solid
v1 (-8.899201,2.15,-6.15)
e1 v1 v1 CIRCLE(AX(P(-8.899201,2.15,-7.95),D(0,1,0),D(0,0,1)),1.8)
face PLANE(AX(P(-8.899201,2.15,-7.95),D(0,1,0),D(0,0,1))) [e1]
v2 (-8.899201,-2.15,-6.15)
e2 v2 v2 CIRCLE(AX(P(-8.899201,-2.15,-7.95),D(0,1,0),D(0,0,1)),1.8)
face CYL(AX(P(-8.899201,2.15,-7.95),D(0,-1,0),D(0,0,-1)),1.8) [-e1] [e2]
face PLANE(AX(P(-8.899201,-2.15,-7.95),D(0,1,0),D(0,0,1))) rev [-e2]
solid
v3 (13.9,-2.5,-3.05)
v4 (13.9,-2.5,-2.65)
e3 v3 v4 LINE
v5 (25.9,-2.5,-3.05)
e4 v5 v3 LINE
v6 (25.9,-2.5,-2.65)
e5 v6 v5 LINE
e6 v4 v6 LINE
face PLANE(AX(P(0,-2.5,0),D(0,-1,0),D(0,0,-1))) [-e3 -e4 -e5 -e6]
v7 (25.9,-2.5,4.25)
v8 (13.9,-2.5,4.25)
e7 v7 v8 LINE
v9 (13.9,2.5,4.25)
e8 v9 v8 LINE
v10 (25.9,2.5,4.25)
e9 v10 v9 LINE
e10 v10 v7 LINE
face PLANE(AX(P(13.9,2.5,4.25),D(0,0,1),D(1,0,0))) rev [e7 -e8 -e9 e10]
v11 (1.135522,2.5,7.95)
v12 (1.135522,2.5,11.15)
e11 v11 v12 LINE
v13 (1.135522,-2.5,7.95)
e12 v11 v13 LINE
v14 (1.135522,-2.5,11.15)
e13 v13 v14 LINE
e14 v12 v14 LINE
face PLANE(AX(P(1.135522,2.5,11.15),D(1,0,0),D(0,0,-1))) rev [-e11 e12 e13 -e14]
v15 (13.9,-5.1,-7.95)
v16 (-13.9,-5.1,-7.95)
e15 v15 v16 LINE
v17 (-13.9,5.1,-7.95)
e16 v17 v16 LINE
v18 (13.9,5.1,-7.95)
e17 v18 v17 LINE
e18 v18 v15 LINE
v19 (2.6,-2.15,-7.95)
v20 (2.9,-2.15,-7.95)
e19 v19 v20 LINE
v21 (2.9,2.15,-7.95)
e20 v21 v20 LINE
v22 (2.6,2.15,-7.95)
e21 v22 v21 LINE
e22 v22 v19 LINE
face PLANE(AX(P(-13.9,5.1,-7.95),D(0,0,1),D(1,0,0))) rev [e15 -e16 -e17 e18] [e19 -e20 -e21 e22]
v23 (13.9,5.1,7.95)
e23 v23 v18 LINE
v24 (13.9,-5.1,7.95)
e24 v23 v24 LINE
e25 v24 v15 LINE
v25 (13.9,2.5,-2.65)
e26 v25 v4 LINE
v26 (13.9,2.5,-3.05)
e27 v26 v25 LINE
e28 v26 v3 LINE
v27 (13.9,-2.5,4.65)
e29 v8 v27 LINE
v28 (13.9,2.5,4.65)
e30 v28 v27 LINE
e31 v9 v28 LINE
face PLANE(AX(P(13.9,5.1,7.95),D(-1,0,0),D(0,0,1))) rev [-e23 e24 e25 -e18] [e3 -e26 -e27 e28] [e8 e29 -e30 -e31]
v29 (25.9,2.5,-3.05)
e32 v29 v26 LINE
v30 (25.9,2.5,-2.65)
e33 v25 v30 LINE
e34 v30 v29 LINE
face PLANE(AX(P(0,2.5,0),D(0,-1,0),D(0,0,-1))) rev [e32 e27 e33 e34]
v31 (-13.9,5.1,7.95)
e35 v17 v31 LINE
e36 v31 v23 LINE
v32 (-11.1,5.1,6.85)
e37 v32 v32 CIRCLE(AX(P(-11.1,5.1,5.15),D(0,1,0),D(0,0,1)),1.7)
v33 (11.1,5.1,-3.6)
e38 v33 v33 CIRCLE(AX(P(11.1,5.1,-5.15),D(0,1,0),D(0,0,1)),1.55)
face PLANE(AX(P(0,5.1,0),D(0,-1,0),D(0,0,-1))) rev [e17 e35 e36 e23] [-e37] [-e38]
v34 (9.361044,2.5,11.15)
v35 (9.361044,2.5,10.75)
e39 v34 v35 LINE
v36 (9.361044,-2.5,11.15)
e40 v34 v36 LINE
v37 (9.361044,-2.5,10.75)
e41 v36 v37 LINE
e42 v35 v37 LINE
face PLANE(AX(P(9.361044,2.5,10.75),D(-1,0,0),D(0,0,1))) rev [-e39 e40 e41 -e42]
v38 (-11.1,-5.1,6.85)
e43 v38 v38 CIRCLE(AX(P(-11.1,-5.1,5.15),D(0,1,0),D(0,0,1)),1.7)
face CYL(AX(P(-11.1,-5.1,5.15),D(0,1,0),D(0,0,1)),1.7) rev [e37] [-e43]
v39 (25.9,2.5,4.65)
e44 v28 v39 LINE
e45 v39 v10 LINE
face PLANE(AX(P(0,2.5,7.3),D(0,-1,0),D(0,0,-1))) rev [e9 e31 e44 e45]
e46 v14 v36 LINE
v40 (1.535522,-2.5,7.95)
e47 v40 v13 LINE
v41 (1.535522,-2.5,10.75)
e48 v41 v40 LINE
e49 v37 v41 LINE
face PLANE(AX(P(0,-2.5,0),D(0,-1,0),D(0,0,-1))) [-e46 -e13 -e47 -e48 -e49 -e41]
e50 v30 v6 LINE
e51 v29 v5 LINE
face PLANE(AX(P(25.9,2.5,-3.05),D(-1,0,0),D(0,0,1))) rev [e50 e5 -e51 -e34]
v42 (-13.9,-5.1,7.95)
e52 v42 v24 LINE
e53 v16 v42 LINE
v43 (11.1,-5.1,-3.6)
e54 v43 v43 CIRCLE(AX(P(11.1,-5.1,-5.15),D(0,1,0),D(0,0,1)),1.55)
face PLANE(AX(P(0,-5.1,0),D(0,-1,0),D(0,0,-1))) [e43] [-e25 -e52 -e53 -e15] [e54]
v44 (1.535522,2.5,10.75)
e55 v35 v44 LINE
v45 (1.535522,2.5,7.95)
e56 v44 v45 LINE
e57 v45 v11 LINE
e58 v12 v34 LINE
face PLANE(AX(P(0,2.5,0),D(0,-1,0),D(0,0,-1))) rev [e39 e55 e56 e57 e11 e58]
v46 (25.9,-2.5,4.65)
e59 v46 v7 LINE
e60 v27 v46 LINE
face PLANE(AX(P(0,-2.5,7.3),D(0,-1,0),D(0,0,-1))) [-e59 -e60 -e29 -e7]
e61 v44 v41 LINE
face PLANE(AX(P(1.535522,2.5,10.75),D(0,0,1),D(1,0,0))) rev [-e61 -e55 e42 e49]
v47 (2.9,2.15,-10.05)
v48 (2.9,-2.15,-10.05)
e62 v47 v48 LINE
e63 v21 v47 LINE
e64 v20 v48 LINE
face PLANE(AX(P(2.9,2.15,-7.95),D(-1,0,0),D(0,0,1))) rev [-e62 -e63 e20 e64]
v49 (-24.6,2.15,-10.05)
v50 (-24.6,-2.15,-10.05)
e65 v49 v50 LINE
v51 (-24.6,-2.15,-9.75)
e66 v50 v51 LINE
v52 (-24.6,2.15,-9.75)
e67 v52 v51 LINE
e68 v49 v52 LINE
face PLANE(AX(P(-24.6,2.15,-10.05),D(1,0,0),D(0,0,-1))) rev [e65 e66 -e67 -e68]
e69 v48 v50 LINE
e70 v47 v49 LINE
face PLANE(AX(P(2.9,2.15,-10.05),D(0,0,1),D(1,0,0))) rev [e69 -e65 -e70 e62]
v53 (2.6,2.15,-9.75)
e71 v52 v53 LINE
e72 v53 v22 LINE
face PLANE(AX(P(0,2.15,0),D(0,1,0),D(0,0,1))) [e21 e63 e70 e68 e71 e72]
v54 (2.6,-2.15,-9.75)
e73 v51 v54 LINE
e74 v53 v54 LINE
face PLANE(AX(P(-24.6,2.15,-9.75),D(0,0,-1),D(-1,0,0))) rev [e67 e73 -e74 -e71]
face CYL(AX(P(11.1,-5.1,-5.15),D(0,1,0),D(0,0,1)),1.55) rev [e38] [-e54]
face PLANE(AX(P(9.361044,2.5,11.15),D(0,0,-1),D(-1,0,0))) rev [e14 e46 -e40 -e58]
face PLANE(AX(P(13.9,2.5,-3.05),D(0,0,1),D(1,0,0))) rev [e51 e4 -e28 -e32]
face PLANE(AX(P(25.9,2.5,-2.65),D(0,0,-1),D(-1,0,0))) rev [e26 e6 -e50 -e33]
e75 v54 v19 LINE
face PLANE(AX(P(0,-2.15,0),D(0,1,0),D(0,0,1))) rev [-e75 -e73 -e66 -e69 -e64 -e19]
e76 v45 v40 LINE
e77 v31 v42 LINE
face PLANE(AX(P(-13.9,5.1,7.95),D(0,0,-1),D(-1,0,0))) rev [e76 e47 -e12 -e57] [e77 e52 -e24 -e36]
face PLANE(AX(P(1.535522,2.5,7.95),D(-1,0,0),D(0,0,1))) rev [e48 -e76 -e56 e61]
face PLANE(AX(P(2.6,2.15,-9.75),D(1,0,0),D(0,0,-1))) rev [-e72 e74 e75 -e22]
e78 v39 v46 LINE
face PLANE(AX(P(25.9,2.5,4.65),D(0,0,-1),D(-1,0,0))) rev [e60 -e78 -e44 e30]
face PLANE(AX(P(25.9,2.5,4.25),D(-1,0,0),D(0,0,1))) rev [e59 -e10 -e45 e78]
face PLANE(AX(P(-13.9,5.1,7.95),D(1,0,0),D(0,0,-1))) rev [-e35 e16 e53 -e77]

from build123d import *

# Parameters (mm, degrees)
SKETCH1_W               = 27.8
SKETCH1_H               = 15.9
BOSS_EXTRUDE1_DEPTH     = 5.1
SKETCH2_R               = 1.55
SKETCH2_R_2             = 1.7
CUT_EXTRUDE1_DEPTH      = 6.1
CUT_EXTRUDE1_DEPTH_BACK = 6.1
BOSS_EXTRUDE2_DEPTH     = 2.15
SKETCH4_R               = 1.8
BOSS_EXTRUDE6_DEPTH     = 2.15
SKETCH5_W               = 12
SKETCH5_H               = 0.4
BOSS_EXTRUDE7_DEPTH     = 2.5
LPATTERN1_COUNT         = 2
LPATTERN1_PITCH         = 7.3
BOSS_EXTRUDE8_DEPTH     = 2.5


with BuildPart() as part:
    # Sketch1 → Boss-Extrude1 (new body, symmetric)
    with BuildSketch(Plane(origin=(0, 0, 0), x_dir=(1, 0, 0), z_dir=(0, 1, 0))):
        Rectangle(SKETCH1_W, SKETCH1_H)
    extrude(amount=BOSS_EXTRUDE1_DEPTH, both=True)

    # Sketch2 → Cut-Extrude1 (cut, two sides)
    with BuildSketch(Plane(origin=(0, 0, 0), x_dir=(1, 0, 0), z_dir=(0, 1, 0))) as cut_extrude1_sk:
        with Locations((11.1, 5.15)):
            Circle(SKETCH2_R)
        with Locations((-11.1, -5.15)):
            Circle(SKETCH2_R_2)
    extrude(amount=CUT_EXTRUDE1_DEPTH, mode=Mode.SUBTRACT)
    extrude(cut_extrude1_sk.sketch, amount=-CUT_EXTRUDE1_DEPTH_BACK, mode=Mode.SUBTRACT)

    # Sketch3 → Boss-Extrude2 (add, symmetric)
    with BuildSketch(Plane(origin=(0, 0, 0), x_dir=(1, 0, 0), z_dir=(0, 1, 0))):
        Polygon((2.9, 7.95), (2.9, 10.05), (-24.6, 10.05), (-24.6, 9.75), (2.6, 9.75), (2.6, 7.95), align=None)
    extrude(amount=BOSS_EXTRUDE2_DEPTH, both=True)

    # Sketch5 → Boss-Extrude7 (add, symmetric)
    with BuildSketch(Plane(origin=(0, 0, 0), x_dir=(1, 0, 0), z_dir=(0, 1, 0))):
        with Locations((19.9, 2.85)):
            Rectangle(SKETCH5_W, SKETCH5_H)
    boss_extrude7 = extrude(amount=BOSS_EXTRUDE7_DEPTH, both=True)

    # LPattern1: Boss-Extrude7 ×2
    with Locations(*[(0, 0, i * LPATTERN1_PITCH) for i in range(1, LPATTERN1_COUNT)]):
        add(boss_extrude7)

    # Sketch6 → Boss-Extrude8 (add, symmetric)
    with BuildSketch(Plane(origin=(0, 0, 0), x_dir=(1, 0, 0), z_dir=(0, 1, 0))):
        Polygon((1.535522272, -7.95), (1.535522272, -10.75), (9.361043521, -10.75), (9.361043521, -11.15), (1.135522272, -11.15), (1.135522272, -7.95), align=None)
    extrude(amount=BOSS_EXTRUDE8_DEPTH, both=True)


with BuildPart() as body_2:
    # Sketch4 → Boss-Extrude6 (new body, symmetric)
    with BuildSketch(Plane(origin=(0, 0, 0), x_dir=(1, 0, 0), z_dir=(0, 1, 0))):
        with Locations((-8.899200678, 7.95)):
            Circle(SKETCH4_R)
    extrude(amount=BOSS_EXTRUDE6_DEPTH, both=True)


solid = Compound([part.part, body_2.part])
